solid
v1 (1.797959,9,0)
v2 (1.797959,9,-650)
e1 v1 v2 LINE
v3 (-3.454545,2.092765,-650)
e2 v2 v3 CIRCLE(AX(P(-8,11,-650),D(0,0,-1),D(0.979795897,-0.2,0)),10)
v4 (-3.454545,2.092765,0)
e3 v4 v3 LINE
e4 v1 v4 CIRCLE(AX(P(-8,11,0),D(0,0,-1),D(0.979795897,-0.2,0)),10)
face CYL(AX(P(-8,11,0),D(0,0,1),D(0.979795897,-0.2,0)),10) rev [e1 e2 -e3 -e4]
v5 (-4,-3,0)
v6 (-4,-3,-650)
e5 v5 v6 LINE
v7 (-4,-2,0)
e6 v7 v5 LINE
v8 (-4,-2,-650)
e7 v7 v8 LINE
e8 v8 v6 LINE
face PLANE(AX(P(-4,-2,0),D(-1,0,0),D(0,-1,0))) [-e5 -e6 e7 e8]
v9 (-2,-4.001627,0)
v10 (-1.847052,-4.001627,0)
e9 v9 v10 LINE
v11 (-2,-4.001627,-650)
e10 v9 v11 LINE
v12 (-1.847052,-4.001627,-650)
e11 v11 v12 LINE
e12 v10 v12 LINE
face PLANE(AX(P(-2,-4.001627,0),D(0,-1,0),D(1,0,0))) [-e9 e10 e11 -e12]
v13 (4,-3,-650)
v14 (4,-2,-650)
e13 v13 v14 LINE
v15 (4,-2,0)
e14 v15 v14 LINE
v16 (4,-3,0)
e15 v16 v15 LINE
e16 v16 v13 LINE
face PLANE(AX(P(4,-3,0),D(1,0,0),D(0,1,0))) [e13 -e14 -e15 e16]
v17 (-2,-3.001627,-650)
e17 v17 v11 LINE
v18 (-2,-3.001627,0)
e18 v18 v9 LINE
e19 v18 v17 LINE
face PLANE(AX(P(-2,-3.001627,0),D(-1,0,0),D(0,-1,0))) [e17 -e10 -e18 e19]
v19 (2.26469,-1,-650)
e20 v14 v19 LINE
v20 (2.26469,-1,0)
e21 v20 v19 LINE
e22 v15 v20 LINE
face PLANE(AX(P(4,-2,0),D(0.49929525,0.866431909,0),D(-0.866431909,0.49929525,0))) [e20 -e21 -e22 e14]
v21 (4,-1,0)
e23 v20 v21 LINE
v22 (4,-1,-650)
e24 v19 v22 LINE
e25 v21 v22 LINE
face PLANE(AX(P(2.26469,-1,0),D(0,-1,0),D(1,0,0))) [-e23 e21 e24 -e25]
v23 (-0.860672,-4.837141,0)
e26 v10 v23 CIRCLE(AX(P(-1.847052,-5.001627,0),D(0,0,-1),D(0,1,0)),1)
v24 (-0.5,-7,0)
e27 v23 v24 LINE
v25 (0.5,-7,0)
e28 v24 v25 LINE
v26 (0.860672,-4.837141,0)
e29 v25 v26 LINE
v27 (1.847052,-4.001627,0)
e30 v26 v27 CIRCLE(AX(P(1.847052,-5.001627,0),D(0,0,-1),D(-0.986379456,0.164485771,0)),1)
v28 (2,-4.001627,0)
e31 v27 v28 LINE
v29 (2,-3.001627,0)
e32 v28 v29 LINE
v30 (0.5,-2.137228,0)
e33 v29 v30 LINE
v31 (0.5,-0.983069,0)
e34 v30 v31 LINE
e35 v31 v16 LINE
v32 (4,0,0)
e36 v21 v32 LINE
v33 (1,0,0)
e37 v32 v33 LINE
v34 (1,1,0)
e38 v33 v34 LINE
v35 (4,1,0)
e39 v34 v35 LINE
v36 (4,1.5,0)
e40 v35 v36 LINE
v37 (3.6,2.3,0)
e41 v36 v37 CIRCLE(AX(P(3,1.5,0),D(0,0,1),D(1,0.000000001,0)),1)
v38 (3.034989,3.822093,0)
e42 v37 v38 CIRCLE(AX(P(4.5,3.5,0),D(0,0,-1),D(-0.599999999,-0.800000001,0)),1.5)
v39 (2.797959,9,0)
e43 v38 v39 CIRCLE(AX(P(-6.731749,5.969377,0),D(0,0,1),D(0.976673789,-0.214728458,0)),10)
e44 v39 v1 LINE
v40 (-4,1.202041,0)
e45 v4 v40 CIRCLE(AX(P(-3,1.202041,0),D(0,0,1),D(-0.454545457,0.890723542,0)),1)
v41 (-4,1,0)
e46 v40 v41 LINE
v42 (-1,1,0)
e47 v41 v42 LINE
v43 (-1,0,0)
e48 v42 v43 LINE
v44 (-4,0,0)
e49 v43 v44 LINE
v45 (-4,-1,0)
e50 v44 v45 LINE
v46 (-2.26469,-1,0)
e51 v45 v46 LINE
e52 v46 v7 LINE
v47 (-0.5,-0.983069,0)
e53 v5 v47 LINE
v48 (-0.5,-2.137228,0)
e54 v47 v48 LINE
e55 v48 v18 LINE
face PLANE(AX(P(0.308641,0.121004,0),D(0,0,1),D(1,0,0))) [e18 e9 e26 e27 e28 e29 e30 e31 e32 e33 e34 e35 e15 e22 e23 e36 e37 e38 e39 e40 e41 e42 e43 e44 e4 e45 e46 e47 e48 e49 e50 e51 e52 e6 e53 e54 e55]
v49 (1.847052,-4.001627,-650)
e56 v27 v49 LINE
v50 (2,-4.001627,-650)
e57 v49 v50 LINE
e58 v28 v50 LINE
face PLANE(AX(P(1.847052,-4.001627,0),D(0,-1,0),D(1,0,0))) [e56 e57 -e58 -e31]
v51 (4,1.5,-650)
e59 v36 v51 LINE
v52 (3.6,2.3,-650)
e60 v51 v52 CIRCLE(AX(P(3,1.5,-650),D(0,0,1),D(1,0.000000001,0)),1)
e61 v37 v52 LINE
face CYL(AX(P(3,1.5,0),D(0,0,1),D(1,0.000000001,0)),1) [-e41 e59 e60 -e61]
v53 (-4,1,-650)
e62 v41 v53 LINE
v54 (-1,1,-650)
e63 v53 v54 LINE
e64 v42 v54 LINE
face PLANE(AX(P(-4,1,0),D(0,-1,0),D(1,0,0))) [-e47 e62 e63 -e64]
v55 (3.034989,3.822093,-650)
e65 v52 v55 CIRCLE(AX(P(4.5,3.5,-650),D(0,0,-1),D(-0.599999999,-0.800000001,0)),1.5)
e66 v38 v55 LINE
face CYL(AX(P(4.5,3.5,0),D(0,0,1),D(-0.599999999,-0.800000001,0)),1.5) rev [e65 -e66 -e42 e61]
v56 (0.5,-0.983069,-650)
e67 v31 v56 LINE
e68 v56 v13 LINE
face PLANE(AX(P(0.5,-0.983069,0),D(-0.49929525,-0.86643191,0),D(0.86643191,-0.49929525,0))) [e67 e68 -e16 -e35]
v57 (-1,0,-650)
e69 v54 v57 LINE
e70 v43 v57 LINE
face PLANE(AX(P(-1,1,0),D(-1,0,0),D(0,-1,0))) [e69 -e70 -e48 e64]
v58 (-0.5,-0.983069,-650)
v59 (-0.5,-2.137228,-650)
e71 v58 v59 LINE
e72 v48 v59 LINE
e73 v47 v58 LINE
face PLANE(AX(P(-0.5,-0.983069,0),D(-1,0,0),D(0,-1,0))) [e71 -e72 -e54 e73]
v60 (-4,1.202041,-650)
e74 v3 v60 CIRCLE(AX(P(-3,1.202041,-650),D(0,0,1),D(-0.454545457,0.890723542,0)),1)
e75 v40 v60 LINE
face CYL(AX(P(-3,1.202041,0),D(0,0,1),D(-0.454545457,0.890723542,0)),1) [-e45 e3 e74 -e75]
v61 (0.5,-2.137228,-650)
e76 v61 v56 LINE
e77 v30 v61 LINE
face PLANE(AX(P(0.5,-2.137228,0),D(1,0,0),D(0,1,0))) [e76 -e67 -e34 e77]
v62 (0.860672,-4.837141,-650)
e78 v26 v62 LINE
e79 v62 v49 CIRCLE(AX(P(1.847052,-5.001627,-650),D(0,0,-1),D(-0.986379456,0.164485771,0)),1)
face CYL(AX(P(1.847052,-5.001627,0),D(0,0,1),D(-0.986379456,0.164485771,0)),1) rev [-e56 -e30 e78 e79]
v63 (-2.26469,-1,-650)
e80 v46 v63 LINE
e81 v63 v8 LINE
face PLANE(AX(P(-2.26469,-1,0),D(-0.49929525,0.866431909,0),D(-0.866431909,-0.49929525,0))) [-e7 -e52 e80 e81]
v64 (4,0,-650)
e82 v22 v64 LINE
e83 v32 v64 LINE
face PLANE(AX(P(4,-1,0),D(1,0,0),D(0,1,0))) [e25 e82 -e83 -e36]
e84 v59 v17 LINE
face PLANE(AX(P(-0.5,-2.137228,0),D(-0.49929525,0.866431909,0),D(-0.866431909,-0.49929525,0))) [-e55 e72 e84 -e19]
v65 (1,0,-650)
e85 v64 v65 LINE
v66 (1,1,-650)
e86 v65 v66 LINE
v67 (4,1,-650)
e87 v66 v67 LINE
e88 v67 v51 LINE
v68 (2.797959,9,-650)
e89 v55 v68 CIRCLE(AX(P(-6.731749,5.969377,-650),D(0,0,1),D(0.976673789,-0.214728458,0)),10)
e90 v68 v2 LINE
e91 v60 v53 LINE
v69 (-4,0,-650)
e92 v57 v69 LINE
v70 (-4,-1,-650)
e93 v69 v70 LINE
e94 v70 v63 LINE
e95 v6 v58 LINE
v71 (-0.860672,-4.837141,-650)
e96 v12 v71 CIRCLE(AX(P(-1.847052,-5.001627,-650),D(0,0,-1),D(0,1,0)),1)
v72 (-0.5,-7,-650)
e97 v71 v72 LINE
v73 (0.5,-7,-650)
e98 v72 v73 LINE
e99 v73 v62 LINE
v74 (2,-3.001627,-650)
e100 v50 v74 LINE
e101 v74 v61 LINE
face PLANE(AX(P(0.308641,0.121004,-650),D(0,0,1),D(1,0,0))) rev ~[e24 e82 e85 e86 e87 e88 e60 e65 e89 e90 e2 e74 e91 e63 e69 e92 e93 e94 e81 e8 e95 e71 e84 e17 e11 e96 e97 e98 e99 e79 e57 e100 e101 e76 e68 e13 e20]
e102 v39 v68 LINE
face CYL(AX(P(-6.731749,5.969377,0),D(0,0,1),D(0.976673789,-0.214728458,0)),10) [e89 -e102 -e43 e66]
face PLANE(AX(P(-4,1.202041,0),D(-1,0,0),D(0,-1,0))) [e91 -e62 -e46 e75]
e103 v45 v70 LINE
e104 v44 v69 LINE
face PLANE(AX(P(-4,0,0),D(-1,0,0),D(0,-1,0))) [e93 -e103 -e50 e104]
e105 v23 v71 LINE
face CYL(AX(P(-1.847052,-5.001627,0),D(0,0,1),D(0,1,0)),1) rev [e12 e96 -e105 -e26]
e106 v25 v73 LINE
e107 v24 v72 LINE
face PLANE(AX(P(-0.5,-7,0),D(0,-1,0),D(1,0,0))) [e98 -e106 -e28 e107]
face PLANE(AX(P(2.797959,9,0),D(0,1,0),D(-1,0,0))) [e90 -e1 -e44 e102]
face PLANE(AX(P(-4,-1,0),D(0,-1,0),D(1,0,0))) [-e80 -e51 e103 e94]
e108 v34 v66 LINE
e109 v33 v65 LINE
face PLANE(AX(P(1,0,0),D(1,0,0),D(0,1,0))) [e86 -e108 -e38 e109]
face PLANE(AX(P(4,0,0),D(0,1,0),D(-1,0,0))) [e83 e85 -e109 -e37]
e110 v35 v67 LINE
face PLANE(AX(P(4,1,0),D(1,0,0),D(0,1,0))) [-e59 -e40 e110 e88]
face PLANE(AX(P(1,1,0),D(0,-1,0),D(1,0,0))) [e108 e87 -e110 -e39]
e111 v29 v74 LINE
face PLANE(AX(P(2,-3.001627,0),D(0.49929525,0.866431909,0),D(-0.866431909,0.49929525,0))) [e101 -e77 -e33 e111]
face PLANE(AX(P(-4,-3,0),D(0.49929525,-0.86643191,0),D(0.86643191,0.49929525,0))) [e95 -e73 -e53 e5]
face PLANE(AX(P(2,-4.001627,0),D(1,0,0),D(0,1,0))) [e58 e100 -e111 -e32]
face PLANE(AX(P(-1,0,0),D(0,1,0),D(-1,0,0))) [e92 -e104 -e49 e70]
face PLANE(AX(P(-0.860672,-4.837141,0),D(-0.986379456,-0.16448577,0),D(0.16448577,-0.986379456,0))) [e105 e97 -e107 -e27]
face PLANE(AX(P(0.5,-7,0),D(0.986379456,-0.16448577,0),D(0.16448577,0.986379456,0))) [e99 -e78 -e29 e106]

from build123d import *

# Parameters (mm, degrees)
EXTRUSION1_DEPTH = 650


with BuildPart() as part:
    # Esquisse1 → Extrusion1 (new body)
    with BuildSketch(Plane.XY):
        with BuildLine():
            Line((4, 0), (1, 0))
            Line((1, 0), (1, 1))
            Line((1, 1), (4, 1))
            Line((4, 1), (4, 1.5))
            ThreePointArc((4, 1.5), (3.894427191, 1.947213595), (3.6, 2.3))
            ThreePointArc((3.6, 2.3), (3.093760184, 2.977994654), (3.034989317, 3.822092686))
            ThreePointArc((3.034989317, 3.822092686), (3.257790087, 6.426670848), (2.797958971, 9))
            Line((2.797958971, 9), (1.797958971, 9))
            ThreePointArc((1.797958971, 9), (-0.040046913, 4.946972092), (-3.454545455, 2.092764572))
            ThreePointArc((-3.454545455, 2.092764572), (-3.852802865, 1.724273997), (-4, 1.202041029))
            Line((-4, 1.202041029), (-4, 1))
            Line((-4, 1), (-1, 1))
            Line((-1, 1), (-1, 0))
            Line((-1, 0), (-4, 0))
            Line((-4, 0), (-4, -1))
            Line((-4, -1), (-2.264690261, -1))
            Line((-2.264690261, -1), (-4, -2))
            Line((-4, -2), (-4, -3))
            Line((-4, -3), (-0.5, -0.983069005))
            Line((-0.5, -0.983069005), (-0.5, -2.13722779))
            Line((-0.5, -2.13722779), (-2, -3.001626788))
            Line((-2, -3.001626788), (-2, -4.001626788))
            Line((-2, -4.001626788), (-1.847051532, -4.001626788))
            ThreePointArc((-1.847051532, -4.001626788), (-1.200710202, -4.238578372), (-0.860672076, -4.837141017))
            Line((-0.860672076, -4.837141017), (-0.5, -7))
            Line((-0.5, -7), (0.5, -7))
            Line((0.5, -7), (0.860672076, -4.837141017))
            ThreePointArc((0.860672076, -4.837141017), (1.200710202, -4.238578372), (1.847051532, -4.001626788))
            Line((1.847051532, -4.001626788), (2, -4.001626788))
            Line((2, -4.001626788), (2, -3.001626788))
            Line((2, -3.001626788), (0.5, -2.13722779))
            Line((0.5, -2.13722779), (0.5, -0.983069005))
            Line((0.5, -0.983069005), (4, -3))
            Line((4, -3), (4, -2))
            Line((4, -2), (2.264690261, -1))
            Line((2.264690261, -1), (4, -1))
            Line((4, -1), (4, 0))
        make_face()
    extrude(amount=-EXTRUSION1_DEPTH)


solid = part.part
